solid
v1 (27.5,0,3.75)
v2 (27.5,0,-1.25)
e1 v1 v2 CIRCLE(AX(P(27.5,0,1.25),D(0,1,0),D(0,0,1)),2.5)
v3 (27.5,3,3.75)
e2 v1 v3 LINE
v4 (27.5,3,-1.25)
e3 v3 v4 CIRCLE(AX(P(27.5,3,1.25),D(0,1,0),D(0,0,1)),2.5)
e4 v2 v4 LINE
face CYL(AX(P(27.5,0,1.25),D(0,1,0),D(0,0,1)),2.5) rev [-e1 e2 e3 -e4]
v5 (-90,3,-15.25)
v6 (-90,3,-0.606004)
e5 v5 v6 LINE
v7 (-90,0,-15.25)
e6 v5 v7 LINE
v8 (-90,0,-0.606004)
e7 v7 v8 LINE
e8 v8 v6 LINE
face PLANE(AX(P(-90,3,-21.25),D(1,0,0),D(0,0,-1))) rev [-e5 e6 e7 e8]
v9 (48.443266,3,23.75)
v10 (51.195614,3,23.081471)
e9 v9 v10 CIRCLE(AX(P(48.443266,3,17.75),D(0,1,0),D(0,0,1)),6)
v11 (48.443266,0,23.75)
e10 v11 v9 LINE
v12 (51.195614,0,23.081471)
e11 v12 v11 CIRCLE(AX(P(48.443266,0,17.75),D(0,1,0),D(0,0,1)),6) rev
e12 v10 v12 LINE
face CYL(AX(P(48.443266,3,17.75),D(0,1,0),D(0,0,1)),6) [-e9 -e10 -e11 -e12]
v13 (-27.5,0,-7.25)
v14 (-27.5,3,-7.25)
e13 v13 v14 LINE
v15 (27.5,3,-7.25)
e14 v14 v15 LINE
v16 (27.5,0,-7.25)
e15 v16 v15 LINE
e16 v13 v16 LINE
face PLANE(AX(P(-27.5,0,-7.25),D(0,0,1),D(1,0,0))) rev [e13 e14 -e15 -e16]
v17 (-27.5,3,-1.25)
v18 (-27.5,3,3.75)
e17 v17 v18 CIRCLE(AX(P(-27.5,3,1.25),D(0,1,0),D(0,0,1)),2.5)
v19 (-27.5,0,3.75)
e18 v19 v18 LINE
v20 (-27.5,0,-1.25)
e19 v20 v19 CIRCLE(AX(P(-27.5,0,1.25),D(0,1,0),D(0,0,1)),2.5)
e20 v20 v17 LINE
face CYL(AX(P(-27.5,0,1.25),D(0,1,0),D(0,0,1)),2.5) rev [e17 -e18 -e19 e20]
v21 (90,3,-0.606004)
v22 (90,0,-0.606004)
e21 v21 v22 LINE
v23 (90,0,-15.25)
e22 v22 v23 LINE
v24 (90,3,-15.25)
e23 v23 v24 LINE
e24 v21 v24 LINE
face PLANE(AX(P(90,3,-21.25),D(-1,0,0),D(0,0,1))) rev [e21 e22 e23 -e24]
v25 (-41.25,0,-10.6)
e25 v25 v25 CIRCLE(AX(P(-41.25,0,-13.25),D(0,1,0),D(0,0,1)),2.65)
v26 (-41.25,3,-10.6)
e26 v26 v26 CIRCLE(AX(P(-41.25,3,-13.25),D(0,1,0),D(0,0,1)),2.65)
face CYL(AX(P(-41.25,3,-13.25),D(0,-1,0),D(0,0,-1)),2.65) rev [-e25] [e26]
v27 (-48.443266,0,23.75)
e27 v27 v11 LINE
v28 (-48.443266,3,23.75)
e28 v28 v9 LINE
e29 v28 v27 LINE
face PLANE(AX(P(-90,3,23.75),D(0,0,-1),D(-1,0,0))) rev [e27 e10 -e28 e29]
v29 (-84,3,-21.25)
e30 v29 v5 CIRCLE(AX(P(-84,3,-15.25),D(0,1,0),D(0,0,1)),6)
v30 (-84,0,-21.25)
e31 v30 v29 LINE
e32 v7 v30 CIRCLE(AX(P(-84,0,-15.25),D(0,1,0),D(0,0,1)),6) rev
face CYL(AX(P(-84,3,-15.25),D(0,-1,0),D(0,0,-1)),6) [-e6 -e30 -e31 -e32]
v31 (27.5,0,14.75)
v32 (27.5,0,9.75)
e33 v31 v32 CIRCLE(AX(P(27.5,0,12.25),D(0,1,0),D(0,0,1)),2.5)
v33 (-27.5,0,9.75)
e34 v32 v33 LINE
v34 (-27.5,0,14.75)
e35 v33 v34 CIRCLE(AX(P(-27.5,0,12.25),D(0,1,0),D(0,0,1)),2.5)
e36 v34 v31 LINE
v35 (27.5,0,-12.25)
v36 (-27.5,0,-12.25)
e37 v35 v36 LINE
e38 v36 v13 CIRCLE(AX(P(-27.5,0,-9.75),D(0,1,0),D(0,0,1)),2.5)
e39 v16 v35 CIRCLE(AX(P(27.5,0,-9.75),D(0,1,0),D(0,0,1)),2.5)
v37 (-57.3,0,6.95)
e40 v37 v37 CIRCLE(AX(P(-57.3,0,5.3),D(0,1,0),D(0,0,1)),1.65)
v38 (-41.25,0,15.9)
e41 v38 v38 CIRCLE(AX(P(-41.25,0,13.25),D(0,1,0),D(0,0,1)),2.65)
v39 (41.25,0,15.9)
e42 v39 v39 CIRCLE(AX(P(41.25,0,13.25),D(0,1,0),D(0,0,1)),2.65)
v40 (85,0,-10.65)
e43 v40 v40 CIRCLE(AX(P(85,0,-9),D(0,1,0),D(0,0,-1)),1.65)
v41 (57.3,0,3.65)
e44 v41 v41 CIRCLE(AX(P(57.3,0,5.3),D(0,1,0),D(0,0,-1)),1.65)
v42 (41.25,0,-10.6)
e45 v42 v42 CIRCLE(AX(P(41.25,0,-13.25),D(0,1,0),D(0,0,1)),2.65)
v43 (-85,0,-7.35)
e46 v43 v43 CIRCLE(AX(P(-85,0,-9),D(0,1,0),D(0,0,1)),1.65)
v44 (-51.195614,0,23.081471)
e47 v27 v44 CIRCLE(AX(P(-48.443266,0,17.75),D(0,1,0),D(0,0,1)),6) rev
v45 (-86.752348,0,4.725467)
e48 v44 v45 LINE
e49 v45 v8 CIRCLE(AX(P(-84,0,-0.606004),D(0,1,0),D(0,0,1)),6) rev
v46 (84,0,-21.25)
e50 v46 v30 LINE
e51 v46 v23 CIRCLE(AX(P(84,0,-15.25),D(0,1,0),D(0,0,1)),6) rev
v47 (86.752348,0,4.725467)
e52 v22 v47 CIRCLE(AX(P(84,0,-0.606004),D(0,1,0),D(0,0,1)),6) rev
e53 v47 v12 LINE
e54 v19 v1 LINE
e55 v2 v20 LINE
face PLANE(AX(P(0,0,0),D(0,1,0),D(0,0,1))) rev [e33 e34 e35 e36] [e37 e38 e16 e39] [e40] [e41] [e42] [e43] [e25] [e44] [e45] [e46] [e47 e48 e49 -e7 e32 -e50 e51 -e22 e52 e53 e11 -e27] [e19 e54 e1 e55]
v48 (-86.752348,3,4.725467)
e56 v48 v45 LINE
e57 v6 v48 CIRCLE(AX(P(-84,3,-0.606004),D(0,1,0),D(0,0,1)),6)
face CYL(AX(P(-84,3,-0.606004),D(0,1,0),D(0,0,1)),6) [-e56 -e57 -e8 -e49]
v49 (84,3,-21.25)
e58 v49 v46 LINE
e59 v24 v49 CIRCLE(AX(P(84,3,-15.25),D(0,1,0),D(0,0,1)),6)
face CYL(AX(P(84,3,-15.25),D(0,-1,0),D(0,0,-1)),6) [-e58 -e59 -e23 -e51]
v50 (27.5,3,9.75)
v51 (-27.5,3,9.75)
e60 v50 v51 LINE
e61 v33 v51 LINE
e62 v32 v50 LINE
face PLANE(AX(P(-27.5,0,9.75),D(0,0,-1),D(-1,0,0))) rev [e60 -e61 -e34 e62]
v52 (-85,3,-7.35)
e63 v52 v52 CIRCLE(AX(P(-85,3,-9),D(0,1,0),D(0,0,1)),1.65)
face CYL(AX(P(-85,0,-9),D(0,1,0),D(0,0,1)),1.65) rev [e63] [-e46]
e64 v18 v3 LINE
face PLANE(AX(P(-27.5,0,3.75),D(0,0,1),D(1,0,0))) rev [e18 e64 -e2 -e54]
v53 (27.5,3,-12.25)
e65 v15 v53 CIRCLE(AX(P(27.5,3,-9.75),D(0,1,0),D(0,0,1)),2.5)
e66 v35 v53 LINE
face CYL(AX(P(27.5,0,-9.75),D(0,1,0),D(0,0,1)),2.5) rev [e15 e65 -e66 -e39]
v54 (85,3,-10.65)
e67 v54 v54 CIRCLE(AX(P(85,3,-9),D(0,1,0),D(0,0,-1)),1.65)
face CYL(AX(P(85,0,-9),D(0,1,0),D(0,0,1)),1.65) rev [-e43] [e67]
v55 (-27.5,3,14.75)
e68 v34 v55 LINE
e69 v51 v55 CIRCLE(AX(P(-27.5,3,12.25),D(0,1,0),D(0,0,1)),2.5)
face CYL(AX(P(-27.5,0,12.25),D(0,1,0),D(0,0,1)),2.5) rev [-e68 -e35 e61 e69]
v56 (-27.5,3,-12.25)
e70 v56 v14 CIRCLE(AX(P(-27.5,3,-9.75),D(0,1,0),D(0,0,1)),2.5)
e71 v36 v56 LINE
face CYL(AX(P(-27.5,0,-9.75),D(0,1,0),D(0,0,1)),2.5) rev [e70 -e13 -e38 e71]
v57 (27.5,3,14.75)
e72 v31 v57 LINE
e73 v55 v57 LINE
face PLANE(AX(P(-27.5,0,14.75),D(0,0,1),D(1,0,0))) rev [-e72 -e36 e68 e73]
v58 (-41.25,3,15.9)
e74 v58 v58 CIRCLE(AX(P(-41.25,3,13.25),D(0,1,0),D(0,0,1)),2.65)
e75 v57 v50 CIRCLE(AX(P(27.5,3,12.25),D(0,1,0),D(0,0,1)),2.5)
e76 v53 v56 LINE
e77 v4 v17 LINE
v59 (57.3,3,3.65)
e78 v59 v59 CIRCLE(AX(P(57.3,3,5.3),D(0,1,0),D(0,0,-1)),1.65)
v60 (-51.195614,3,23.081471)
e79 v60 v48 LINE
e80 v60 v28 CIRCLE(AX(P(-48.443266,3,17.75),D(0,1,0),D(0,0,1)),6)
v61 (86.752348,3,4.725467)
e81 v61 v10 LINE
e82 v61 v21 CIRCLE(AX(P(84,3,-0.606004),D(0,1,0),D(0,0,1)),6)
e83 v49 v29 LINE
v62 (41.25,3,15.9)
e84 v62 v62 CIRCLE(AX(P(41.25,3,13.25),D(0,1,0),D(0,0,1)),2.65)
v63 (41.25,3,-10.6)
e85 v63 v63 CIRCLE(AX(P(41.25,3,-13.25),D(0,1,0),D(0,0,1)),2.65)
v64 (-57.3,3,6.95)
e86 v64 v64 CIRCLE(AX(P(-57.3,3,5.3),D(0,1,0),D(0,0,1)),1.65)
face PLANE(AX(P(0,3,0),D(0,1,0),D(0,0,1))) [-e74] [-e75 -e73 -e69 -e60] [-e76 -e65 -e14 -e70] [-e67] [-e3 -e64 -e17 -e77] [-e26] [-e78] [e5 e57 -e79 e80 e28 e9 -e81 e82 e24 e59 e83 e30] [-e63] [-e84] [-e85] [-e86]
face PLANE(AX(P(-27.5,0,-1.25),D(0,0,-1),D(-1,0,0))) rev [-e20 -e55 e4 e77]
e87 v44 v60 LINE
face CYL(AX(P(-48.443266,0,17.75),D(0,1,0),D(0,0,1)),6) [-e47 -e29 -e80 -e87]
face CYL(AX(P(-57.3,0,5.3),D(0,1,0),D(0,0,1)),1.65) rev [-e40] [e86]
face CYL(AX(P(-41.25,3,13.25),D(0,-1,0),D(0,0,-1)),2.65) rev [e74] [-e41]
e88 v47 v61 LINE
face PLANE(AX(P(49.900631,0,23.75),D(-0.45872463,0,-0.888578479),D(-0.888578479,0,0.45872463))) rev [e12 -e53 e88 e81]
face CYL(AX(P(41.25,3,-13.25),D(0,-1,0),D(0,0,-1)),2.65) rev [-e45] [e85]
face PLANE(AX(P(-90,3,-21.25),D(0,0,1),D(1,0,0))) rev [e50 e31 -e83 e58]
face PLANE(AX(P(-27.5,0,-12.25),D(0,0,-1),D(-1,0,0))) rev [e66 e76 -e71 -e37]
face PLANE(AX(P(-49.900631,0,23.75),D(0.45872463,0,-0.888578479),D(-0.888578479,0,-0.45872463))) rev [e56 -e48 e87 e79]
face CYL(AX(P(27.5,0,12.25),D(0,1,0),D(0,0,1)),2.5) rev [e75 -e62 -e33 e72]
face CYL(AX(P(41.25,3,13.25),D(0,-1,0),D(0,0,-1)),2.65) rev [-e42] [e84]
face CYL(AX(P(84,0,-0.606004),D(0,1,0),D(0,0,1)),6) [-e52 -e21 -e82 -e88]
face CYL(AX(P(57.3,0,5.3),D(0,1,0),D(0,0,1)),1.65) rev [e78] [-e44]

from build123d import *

# Parameters (mm, degrees)
SKETCH_1_W          = 180
SKETCH_1_H          = 45
SKETCH_1_R          = 2.65
EXTRUDE_1_DEPTH     = 3
SKETCH_2_R          = 1.65
CUT_EXTRUDE_1_DEPTH = 3
CUT_EXTRUDE_2_DEPTH = 3
FILLET_1_R          = 6
CUT_EXTRUDE_3_DEPTH = 3


with BuildPart() as part:
    # 草图1 → 凸台-拉伸1 (new body)
    with BuildSketch(Plane(origin=(0, 0, 0), x_dir=(1, 0, 0), z_dir=(0, 1, 0))):
        with Locations((0, -1.25)):
            Rectangle(SKETCH_1_W, SKETCH_1_H)
        with Locations((-41.25, 13.25)):
            Circle(SKETCH_1_R, mode=Mode.SUBTRACT)
        with Locations((41.25, 13.25)):
            Circle(SKETCH_1_R, mode=Mode.SUBTRACT)
        with Locations((-41.25, -13.25)):
            Circle(SKETCH_1_R, mode=Mode.SUBTRACT)
        with Locations((41.25, -13.25)):
            Circle(SKETCH_1_R, mode=Mode.SUBTRACT)
    extrude(amount=EXTRUDE_1_DEPTH)

    # 草图2 → 切除-拉伸1 (cut)
    with BuildSketch(Plane(origin=(0, 3, 0), x_dir=(1, 0, 0), z_dir=(0, 1, 0))):
        with Locations((-85, 9)):
            Circle(SKETCH_2_R)
        with Locations((85, 9)):
            Circle(SKETCH_2_R)
        with Locations((-57.3, -5.3)):
            Circle(SKETCH_2_R)
        with Locations((57.3, -5.3)):
            Circle(SKETCH_2_R)
    extrude(amount=-CUT_EXTRUDE_1_DEPTH, mode=Mode.SUBTRACT)

    # 草图3 → 切除-拉伸2 (cut)
    with BuildSketch(Plane(origin=(0, 3, 0), x_dir=(1, 0, 0), z_dir=(0, 1, 0))):
        Polygon((-90, -3.048881556), (-90, -23.75), (-49.900630707, -23.75), align=None)
        Polygon((90, -23.75), (49.900630707, -23.75), (90, -3.048881556), align=None)
    extrude(amount=-CUT_EXTRUDE_2_DEPTH, mode=Mode.SUBTRACT)

    # 圆角1
    fillet_1_edges = [part.edges().sort_by_distance(p)[0] for p in [
        (-90, 1.5, 3.048881556),
        (-49.900630707, 1.5, 23.75),
        (90, 1.5, 3.048881556),
        (49.900630707, 1.5, 23.75),
        (-90, 1.5, -21.25),
        (90, 1.5, -21.25),
    ]]
    fillet(fillet_1_edges, radius=FILLET_1_R)

    # 草图4 → 切除-拉伸3 (cut)
    with BuildSketch(Plane(origin=(0, 3, 0), x_dir=(1, 0, 0), z_dir=(0, 1, 0))):
        with BuildLine():
            Line((-27.5, 12.25), (27.5, 12.25))
            ThreePointArc((27.5, 12.25), (30, 9.75), (27.5, 7.25))
            Line((27.5, 7.25), (-27.5, 7.25))
            ThreePointArc((-27.5, 7.25), (-30, 9.75), (-27.5, 12.25))
        make_face()
        with BuildLine():
            Line((-27.5, 1.25), (27.5, 1.25))
            ThreePointArc((27.5, 1.25), (30, -1.25), (27.5, -3.75))
            Line((27.5, -3.75), (-27.5, -3.75))
            ThreePointArc((-27.5, -3.75), (-30, -1.25), (-27.5, 1.25))
        make_face()
        with BuildLine():
            Line((-27.5, -9.75), (27.5, -9.75))
            ThreePointArc((27.5, -9.75), (30, -12.25), (27.5, -14.75))
            Line((27.5, -14.75), (-27.5, -14.75))
            ThreePointArc((-27.5, -14.75), (-30, -12.25), (-27.5, -9.75))
        make_face()
    extrude(amount=-CUT_EXTRUDE_3_DEPTH, mode=Mode.SUBTRACT)


solid = part.part
